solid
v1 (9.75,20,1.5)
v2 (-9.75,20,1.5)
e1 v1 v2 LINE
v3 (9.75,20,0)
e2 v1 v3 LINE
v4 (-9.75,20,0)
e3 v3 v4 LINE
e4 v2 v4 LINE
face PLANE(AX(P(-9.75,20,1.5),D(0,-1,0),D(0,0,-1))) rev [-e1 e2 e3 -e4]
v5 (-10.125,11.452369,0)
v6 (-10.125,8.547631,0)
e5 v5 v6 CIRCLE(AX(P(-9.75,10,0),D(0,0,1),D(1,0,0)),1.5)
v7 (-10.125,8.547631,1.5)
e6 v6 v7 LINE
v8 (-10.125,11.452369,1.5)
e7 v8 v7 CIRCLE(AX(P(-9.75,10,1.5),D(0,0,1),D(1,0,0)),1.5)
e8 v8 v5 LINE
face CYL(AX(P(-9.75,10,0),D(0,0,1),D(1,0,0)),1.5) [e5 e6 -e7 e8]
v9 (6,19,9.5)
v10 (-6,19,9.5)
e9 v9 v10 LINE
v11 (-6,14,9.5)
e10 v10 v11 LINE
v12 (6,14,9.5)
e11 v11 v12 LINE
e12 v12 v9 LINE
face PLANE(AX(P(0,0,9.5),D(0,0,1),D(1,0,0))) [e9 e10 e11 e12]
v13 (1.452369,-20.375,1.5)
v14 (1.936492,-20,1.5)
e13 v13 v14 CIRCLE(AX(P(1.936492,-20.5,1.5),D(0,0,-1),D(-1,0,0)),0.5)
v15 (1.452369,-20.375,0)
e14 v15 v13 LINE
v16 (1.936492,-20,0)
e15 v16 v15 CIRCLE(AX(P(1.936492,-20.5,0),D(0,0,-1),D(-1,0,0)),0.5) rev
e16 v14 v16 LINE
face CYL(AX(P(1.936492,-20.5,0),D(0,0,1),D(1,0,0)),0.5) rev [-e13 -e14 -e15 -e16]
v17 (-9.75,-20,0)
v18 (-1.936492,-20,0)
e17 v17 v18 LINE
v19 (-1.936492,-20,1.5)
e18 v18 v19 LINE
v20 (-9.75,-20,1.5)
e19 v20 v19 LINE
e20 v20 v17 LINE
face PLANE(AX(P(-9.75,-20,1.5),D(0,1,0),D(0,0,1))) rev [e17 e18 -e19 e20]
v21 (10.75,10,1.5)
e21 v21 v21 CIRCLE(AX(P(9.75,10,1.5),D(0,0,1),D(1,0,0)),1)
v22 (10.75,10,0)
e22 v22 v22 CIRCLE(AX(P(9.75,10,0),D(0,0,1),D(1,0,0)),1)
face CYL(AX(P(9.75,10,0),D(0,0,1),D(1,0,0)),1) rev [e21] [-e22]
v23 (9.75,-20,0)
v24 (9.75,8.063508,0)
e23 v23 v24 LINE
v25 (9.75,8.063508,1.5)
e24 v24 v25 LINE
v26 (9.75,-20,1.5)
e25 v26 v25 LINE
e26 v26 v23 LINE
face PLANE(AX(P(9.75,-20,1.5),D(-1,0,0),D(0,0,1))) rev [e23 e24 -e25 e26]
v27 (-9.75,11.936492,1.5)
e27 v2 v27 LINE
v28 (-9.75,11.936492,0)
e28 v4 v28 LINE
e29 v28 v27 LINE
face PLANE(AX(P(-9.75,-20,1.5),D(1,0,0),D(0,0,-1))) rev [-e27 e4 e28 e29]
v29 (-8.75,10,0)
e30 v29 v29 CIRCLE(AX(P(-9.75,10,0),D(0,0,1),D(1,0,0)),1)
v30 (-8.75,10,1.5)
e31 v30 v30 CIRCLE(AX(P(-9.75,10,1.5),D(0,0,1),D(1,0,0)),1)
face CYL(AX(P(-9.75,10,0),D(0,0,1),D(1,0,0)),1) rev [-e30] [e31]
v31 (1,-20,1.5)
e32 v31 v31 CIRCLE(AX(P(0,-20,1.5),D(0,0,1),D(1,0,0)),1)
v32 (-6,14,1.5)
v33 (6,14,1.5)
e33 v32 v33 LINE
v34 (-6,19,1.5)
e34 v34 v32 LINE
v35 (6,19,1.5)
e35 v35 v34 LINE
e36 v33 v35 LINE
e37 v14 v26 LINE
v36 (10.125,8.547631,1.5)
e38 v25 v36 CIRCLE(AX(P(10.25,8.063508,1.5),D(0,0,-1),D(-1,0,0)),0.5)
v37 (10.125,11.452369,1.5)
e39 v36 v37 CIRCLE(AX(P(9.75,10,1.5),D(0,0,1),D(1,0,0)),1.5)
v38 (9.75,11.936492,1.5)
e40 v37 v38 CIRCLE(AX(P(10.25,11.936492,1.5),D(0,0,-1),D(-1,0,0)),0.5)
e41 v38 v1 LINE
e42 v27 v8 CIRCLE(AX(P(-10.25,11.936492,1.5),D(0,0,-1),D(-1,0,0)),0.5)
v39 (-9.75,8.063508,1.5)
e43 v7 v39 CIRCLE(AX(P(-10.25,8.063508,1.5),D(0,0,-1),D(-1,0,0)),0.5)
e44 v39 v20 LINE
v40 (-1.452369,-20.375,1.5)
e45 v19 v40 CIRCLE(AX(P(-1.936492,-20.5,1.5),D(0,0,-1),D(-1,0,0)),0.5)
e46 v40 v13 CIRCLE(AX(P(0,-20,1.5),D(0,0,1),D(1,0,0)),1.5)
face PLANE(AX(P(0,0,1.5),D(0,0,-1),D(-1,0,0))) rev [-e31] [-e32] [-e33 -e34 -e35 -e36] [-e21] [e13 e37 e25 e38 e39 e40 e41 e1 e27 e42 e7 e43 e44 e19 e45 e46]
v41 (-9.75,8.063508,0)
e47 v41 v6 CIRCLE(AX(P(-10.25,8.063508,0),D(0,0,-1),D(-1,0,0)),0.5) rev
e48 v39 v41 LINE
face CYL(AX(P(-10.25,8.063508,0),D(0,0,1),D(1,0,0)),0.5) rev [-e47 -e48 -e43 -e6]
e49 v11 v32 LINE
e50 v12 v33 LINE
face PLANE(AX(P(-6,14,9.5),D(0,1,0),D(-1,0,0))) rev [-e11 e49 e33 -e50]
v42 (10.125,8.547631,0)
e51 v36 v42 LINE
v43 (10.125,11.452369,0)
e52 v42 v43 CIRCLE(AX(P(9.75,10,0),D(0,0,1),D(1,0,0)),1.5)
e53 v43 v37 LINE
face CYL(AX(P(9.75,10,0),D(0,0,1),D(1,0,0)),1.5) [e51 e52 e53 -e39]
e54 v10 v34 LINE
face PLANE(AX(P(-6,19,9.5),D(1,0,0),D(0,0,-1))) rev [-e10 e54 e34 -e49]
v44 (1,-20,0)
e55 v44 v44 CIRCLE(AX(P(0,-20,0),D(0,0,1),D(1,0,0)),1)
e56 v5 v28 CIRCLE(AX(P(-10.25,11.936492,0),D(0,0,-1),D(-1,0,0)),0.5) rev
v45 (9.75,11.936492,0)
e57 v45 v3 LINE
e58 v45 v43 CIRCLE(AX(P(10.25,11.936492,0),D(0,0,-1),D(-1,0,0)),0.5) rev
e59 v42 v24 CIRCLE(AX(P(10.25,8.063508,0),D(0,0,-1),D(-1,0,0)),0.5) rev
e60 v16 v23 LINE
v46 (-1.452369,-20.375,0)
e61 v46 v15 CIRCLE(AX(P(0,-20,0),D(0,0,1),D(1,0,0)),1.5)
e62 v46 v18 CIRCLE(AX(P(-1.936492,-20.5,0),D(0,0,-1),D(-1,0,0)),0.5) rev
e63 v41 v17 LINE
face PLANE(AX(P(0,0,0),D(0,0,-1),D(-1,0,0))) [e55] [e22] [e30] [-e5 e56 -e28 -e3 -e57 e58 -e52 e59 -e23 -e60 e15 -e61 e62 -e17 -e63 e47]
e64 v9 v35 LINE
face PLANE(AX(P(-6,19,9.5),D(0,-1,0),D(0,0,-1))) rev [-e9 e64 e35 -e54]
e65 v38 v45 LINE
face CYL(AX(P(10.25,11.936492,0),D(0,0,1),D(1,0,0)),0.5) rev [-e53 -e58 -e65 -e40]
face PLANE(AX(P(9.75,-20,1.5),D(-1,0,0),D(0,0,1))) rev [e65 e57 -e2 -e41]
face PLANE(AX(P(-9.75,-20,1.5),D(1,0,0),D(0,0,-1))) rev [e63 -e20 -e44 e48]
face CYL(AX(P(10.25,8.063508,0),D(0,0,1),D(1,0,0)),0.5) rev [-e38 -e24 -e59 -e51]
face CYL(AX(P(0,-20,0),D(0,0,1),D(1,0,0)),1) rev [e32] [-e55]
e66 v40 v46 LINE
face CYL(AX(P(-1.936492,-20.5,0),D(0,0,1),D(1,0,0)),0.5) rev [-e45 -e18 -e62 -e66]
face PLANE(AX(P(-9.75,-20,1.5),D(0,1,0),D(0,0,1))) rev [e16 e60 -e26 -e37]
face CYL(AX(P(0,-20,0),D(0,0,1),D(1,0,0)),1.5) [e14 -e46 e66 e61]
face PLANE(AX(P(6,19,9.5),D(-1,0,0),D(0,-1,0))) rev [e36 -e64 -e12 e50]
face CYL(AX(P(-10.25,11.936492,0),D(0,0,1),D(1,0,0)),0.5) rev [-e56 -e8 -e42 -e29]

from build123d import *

# Parameters (mm, degrees)
SKETCH_1_W          = 19.5
SKETCH_1_H          = 40
EXTRUDE_1_DEPTH     = 1.5
SKETCH_2_R          = 1.5
EXTRUDE_2_DEPTH     = 1.5
SKETCH_3_R          = 1
CUT_EXTRUDE_1_DEPTH = 1.5
FILLET_1_R          = 0.5
SKETCH_4_W          = 12
SKETCH_4_H          = 5
EXTRUDE_3_DEPTH     = 8


with BuildPart() as part:
    # ｽｹｯﾁ1 → ﾎﾞｽ - 押し出し1 (new body)
    with BuildSketch(Plane.XY):
        Rectangle(SKETCH_1_W, SKETCH_1_H)
    extrude(amount=EXTRUDE_1_DEPTH)

    # ｽｹｯﾁ2 → ﾎﾞｽ - 押し出し2 (add)
    with BuildSketch(Plane.XY.offset(1.5)):
        with Locations((9.75, 10)):
            Circle(SKETCH_2_R)
        with Locations((-9.75, 10)):
            Circle(SKETCH_2_R)
        with Locations((0, -20)):
            Circle(SKETCH_2_R)
    extrude(amount=-EXTRUDE_2_DEPTH)

    # ｽｹｯﾁ3 → ｶｯﾄ - 押し出し1 (cut)
    with BuildSketch(Plane.XY.offset(1.5)):
        with Locations((-9.75, 10)):
            Circle(SKETCH_3_R)
        with Locations((9.75, 10)):
            Circle(SKETCH_3_R)
        with Locations((0, -20)):
            Circle(SKETCH_3_R)
    extrude(amount=-CUT_EXTRUDE_1_DEPTH, mode=Mode.SUBTRACT)

    # ﾌｨﾚｯﾄ1
    fillet_1_edges = [part.edges().sort_by_distance(p)[0] for p in [
        (9.75, 8.5, 0.75),
        (9.75, 11.5, 0.75),
        (-9.75, 11.5, 0.75),
        (-9.75, 8.5, 0.75),
        (-1.5, -20, 0.75),
        (1.5, -20, 0.75),
    ]]
    fillet(fillet_1_edges, radius=FILLET_1_R)

    # ｽｹｯﾁ4 → ﾎﾞｽ - 押し出し3 (add)
    with BuildSketch(Plane.XY.offset(1.5)):
        with Locations((0, 16.5)):
            Rectangle(SKETCH_4_W, SKETCH_4_H)
    extrude(amount=EXTRUDE_3_DEPTH)


solid = part.part
